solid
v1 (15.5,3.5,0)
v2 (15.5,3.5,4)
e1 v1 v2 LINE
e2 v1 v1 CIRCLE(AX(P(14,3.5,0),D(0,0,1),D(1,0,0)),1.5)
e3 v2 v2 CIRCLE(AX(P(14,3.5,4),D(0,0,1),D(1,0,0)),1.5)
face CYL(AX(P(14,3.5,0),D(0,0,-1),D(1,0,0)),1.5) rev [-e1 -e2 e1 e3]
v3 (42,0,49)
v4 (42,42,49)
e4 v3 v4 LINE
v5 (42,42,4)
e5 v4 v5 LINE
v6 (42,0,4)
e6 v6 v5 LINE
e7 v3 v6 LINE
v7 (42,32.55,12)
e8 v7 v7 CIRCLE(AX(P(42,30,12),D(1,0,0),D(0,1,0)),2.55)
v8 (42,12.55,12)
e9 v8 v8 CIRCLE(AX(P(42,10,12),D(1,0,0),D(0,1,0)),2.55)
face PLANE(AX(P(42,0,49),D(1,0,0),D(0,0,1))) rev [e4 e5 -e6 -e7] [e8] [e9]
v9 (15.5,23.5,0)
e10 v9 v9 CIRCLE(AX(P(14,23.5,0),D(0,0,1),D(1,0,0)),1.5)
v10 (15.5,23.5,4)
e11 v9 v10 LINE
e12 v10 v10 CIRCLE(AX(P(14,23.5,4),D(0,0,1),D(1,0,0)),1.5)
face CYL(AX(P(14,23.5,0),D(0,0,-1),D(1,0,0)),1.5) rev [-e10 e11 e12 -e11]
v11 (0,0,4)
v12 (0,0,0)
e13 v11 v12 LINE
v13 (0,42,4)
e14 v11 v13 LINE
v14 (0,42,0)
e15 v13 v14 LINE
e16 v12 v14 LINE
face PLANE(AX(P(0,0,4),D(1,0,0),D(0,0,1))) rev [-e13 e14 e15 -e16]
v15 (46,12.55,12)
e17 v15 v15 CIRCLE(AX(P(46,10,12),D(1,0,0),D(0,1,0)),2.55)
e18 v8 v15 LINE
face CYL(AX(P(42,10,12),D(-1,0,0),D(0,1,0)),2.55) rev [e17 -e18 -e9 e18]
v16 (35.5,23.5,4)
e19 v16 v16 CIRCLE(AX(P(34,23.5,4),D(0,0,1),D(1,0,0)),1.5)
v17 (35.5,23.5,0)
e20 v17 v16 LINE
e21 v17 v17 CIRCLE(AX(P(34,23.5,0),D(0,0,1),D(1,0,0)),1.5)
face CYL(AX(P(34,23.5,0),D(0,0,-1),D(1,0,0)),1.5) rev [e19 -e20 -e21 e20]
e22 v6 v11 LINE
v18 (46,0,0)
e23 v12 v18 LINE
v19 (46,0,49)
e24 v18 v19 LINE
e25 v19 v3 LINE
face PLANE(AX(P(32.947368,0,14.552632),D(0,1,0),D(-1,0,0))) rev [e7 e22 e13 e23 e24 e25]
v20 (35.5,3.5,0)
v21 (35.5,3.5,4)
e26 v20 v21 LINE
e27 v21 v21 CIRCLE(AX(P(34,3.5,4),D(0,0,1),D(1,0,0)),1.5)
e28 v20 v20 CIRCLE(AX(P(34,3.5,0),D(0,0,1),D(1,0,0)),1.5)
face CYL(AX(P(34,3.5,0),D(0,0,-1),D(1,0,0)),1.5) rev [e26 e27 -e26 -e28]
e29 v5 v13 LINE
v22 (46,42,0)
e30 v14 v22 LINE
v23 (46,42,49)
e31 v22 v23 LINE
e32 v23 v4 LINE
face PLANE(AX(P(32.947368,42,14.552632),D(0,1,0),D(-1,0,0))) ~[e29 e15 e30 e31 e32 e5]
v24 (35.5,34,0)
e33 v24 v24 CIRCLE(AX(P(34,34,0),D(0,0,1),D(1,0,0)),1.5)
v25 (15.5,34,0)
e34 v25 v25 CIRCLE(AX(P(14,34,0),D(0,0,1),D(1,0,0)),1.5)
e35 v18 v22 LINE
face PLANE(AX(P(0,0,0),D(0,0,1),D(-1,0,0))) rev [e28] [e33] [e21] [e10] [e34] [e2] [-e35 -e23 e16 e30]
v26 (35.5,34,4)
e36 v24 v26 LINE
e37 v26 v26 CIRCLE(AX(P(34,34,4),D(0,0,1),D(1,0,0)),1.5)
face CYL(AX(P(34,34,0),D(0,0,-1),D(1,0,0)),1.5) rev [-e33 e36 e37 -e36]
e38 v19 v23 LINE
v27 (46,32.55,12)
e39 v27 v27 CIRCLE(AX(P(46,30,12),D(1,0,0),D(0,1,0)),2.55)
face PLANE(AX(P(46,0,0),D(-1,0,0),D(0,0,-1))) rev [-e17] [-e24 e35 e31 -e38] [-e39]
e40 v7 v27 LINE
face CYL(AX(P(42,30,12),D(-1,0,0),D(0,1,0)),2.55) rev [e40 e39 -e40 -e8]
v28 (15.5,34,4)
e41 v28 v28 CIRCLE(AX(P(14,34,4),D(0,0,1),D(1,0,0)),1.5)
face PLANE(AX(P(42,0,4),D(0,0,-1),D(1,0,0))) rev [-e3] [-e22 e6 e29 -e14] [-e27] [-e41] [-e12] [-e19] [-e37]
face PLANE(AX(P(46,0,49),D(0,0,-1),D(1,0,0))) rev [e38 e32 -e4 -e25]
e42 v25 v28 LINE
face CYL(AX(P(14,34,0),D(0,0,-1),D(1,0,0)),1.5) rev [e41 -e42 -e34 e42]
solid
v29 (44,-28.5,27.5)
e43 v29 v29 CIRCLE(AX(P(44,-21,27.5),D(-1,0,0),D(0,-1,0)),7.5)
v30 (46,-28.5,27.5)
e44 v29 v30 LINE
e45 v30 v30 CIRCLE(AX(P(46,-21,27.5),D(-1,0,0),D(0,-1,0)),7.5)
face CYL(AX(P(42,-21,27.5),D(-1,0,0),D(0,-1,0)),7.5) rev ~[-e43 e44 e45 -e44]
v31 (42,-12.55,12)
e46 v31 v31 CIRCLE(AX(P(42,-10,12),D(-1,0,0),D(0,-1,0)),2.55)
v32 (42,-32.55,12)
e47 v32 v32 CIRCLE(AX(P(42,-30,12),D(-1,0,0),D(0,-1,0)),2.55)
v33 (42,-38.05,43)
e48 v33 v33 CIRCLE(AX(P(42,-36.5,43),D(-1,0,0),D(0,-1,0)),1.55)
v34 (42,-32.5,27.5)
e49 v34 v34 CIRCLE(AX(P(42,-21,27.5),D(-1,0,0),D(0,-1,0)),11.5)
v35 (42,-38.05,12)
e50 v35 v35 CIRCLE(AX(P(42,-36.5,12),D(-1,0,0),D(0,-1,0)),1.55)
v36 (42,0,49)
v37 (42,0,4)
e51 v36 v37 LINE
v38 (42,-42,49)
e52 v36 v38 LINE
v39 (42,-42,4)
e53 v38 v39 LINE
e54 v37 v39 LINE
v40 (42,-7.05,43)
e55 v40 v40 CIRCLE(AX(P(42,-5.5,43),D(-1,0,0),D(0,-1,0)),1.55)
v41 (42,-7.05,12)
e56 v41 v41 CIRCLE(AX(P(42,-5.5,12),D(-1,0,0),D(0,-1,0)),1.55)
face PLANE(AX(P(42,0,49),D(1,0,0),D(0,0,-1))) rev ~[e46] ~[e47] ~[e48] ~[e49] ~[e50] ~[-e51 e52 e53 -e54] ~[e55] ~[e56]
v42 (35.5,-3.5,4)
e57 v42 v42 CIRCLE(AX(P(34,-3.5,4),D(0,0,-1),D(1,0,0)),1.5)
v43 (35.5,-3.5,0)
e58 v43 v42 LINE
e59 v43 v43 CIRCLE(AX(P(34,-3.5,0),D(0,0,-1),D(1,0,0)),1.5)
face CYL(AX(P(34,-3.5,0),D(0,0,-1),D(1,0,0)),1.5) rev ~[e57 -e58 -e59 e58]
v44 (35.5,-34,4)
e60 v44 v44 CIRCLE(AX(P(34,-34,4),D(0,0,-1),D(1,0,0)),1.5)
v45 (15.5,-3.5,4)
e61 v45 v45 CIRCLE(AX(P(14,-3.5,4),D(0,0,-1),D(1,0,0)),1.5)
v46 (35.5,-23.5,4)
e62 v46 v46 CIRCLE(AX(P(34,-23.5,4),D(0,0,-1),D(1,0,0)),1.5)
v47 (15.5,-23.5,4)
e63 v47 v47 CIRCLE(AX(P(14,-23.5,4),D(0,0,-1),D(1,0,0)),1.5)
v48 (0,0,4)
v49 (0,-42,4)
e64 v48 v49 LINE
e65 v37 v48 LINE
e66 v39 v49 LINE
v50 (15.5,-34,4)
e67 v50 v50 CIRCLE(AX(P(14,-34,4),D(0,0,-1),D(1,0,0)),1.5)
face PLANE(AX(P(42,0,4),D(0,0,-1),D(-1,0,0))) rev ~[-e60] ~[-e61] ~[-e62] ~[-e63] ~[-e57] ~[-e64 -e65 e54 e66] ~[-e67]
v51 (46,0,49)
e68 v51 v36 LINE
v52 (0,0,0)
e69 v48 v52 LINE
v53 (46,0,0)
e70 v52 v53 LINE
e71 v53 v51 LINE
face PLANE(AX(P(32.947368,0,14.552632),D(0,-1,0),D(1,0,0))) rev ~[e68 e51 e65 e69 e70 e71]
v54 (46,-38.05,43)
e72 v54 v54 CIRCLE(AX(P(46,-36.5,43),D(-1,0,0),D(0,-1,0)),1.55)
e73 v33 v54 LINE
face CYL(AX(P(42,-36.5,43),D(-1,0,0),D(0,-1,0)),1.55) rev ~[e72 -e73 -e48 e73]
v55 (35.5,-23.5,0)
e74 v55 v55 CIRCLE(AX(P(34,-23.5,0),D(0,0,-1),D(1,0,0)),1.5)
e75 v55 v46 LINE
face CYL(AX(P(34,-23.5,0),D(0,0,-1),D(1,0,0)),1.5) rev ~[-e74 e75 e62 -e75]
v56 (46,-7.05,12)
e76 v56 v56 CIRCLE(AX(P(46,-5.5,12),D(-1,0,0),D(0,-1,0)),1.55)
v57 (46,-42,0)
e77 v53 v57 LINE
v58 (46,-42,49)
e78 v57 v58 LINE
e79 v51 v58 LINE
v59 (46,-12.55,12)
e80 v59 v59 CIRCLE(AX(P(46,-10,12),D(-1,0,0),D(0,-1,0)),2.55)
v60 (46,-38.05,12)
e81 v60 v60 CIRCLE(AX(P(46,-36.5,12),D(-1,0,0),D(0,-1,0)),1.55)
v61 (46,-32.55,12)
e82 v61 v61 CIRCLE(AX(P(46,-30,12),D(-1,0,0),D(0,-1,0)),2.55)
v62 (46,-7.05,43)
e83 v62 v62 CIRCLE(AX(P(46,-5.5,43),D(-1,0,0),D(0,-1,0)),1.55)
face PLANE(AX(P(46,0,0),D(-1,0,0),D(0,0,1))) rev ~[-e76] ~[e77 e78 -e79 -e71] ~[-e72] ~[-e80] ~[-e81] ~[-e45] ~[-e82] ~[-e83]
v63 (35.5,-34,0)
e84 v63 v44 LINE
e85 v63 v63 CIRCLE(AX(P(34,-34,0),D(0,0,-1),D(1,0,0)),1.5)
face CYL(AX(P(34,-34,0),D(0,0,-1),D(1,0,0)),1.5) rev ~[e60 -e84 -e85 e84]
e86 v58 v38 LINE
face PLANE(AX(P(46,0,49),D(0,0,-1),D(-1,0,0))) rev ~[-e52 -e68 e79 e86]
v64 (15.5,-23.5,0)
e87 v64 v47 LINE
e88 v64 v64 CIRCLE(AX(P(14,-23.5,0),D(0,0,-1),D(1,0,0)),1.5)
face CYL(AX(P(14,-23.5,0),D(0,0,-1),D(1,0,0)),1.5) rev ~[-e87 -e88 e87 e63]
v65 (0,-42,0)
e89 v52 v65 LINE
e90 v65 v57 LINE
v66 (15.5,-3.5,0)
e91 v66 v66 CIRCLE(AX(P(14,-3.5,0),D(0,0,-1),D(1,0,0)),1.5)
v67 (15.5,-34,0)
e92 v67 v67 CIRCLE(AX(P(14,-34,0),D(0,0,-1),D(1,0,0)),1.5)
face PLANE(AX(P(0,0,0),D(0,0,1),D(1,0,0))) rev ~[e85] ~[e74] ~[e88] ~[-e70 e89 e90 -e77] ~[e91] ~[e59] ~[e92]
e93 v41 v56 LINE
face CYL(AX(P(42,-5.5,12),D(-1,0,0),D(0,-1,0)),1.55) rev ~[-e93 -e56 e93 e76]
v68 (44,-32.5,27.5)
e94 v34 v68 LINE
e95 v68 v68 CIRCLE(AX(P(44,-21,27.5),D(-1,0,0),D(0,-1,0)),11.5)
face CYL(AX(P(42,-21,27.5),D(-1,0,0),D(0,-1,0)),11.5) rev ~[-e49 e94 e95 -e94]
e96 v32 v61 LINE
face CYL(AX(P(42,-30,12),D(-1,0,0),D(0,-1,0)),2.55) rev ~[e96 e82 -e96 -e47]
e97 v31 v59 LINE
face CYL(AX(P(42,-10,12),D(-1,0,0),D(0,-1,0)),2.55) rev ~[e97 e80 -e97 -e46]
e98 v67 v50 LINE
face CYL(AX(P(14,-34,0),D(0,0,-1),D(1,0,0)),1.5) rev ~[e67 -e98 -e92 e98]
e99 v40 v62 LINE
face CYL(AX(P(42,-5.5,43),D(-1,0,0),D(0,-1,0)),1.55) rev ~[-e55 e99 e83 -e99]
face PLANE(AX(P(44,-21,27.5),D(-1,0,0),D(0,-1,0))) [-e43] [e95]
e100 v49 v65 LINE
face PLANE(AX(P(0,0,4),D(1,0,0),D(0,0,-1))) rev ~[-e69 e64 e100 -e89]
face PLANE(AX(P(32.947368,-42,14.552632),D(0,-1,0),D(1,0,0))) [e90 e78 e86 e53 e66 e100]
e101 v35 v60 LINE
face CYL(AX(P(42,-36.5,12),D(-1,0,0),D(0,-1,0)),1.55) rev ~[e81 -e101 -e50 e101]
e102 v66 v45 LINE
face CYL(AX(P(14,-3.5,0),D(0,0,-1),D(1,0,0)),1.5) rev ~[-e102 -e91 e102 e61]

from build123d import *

# Parameters (mm, degrees)
F1_DEPTH  = 42
F2_R      = 1.5
F3_DEPTH  = 25
F4_R      = 2.55
F5_DEPTH  = 4
F7_R      = 1.55
F7_R_2    = 7.5
F8_DEPTH  = 4.001
F9_R      = 11.5
F9_R_2    = 7.5
F10_DEPTH = 2


with BuildPart() as f1:
    # F0 (on Front) → F1 (new body)
    with BuildSketch(Plane.XZ):
        Polygon((0, 4), (0, 0), (46, 0), (46, 25), (46, 49), (42, 49), (42, 23), (42, 4), align=None)
    extrude(amount=F1_DEPTH)

    # F2 (on face) → F3 (cut)
    with BuildSketch(Plane(origin=(0, 0, 0), x_dir=(1, 0, 0), z_dir=(0, 0, -1))):
        with Locations((14, 3.5)):
            Circle(F2_R)
        with Locations((34, 3.5)):
            Circle(F2_R)
        with Locations((14, 23.5)):
            Circle(F2_R)
        with Locations((34, 23.5)):
            Circle(F2_R)
        with Locations((34, 34)):
            Circle(F2_R)
        with Locations((14, 34)):
            Circle(F2_R)
    extrude(amount=-F3_DEPTH, mode=Mode.SUBTRACT)

    # F4 (on face) → F5 (cut, through all)
    with BuildSketch(Plane(origin=(42, 0, 0), x_dir=(0, -1, 0), z_dir=(-1, 0, 0))):
        with Locations((10, 12)):
            Circle(F4_R)
        with Locations((30, 12)):
            Circle(F4_R)
    extrude(amount=-F5_DEPTH, mode=Mode.SUBTRACT)


with BuildPart() as f6_1:
    # F6: instance of F1
    add(f1.part.mirror(Plane.XZ))


with BuildPart() as f1_1:
    add(f1.part)

    # F7 (on face) → F8 (cut, through all)
    with BuildSketch(Plane(origin=(42, 0, 0), x_dir=(0, -1, 0), z_dir=(-1, 0, 0))):
        with Locations((5.5, 43)):
            Circle(F7_R)
        with Locations((36.5, 43)):
            Circle(F7_R)
        with Locations((5.5, 12)):
            Circle(F7_R)
        with Locations((36.5, 12)):
            Circle(F7_R)
        with Locations((21, 27.5)):
            Circle(F7_R_2)
    extrude(amount=-F8_DEPTH, mode=Mode.SUBTRACT)

    # F9 (on face) → F10 (cut)
    with BuildSketch(Plane(origin=(42, 0, 0), x_dir=(0, -1, 0), z_dir=(-1, 0, 0))):
        with Locations((21, 27.5)):
            Circle(F9_R)
        with Locations((21, 27.5)):
            Circle(F9_R_2, mode=Mode.SUBTRACT)
    extrude(amount=-F10_DEPTH, mode=Mode.SUBTRACT)


solid = Compound([f6_1.part, f1_1.part])
